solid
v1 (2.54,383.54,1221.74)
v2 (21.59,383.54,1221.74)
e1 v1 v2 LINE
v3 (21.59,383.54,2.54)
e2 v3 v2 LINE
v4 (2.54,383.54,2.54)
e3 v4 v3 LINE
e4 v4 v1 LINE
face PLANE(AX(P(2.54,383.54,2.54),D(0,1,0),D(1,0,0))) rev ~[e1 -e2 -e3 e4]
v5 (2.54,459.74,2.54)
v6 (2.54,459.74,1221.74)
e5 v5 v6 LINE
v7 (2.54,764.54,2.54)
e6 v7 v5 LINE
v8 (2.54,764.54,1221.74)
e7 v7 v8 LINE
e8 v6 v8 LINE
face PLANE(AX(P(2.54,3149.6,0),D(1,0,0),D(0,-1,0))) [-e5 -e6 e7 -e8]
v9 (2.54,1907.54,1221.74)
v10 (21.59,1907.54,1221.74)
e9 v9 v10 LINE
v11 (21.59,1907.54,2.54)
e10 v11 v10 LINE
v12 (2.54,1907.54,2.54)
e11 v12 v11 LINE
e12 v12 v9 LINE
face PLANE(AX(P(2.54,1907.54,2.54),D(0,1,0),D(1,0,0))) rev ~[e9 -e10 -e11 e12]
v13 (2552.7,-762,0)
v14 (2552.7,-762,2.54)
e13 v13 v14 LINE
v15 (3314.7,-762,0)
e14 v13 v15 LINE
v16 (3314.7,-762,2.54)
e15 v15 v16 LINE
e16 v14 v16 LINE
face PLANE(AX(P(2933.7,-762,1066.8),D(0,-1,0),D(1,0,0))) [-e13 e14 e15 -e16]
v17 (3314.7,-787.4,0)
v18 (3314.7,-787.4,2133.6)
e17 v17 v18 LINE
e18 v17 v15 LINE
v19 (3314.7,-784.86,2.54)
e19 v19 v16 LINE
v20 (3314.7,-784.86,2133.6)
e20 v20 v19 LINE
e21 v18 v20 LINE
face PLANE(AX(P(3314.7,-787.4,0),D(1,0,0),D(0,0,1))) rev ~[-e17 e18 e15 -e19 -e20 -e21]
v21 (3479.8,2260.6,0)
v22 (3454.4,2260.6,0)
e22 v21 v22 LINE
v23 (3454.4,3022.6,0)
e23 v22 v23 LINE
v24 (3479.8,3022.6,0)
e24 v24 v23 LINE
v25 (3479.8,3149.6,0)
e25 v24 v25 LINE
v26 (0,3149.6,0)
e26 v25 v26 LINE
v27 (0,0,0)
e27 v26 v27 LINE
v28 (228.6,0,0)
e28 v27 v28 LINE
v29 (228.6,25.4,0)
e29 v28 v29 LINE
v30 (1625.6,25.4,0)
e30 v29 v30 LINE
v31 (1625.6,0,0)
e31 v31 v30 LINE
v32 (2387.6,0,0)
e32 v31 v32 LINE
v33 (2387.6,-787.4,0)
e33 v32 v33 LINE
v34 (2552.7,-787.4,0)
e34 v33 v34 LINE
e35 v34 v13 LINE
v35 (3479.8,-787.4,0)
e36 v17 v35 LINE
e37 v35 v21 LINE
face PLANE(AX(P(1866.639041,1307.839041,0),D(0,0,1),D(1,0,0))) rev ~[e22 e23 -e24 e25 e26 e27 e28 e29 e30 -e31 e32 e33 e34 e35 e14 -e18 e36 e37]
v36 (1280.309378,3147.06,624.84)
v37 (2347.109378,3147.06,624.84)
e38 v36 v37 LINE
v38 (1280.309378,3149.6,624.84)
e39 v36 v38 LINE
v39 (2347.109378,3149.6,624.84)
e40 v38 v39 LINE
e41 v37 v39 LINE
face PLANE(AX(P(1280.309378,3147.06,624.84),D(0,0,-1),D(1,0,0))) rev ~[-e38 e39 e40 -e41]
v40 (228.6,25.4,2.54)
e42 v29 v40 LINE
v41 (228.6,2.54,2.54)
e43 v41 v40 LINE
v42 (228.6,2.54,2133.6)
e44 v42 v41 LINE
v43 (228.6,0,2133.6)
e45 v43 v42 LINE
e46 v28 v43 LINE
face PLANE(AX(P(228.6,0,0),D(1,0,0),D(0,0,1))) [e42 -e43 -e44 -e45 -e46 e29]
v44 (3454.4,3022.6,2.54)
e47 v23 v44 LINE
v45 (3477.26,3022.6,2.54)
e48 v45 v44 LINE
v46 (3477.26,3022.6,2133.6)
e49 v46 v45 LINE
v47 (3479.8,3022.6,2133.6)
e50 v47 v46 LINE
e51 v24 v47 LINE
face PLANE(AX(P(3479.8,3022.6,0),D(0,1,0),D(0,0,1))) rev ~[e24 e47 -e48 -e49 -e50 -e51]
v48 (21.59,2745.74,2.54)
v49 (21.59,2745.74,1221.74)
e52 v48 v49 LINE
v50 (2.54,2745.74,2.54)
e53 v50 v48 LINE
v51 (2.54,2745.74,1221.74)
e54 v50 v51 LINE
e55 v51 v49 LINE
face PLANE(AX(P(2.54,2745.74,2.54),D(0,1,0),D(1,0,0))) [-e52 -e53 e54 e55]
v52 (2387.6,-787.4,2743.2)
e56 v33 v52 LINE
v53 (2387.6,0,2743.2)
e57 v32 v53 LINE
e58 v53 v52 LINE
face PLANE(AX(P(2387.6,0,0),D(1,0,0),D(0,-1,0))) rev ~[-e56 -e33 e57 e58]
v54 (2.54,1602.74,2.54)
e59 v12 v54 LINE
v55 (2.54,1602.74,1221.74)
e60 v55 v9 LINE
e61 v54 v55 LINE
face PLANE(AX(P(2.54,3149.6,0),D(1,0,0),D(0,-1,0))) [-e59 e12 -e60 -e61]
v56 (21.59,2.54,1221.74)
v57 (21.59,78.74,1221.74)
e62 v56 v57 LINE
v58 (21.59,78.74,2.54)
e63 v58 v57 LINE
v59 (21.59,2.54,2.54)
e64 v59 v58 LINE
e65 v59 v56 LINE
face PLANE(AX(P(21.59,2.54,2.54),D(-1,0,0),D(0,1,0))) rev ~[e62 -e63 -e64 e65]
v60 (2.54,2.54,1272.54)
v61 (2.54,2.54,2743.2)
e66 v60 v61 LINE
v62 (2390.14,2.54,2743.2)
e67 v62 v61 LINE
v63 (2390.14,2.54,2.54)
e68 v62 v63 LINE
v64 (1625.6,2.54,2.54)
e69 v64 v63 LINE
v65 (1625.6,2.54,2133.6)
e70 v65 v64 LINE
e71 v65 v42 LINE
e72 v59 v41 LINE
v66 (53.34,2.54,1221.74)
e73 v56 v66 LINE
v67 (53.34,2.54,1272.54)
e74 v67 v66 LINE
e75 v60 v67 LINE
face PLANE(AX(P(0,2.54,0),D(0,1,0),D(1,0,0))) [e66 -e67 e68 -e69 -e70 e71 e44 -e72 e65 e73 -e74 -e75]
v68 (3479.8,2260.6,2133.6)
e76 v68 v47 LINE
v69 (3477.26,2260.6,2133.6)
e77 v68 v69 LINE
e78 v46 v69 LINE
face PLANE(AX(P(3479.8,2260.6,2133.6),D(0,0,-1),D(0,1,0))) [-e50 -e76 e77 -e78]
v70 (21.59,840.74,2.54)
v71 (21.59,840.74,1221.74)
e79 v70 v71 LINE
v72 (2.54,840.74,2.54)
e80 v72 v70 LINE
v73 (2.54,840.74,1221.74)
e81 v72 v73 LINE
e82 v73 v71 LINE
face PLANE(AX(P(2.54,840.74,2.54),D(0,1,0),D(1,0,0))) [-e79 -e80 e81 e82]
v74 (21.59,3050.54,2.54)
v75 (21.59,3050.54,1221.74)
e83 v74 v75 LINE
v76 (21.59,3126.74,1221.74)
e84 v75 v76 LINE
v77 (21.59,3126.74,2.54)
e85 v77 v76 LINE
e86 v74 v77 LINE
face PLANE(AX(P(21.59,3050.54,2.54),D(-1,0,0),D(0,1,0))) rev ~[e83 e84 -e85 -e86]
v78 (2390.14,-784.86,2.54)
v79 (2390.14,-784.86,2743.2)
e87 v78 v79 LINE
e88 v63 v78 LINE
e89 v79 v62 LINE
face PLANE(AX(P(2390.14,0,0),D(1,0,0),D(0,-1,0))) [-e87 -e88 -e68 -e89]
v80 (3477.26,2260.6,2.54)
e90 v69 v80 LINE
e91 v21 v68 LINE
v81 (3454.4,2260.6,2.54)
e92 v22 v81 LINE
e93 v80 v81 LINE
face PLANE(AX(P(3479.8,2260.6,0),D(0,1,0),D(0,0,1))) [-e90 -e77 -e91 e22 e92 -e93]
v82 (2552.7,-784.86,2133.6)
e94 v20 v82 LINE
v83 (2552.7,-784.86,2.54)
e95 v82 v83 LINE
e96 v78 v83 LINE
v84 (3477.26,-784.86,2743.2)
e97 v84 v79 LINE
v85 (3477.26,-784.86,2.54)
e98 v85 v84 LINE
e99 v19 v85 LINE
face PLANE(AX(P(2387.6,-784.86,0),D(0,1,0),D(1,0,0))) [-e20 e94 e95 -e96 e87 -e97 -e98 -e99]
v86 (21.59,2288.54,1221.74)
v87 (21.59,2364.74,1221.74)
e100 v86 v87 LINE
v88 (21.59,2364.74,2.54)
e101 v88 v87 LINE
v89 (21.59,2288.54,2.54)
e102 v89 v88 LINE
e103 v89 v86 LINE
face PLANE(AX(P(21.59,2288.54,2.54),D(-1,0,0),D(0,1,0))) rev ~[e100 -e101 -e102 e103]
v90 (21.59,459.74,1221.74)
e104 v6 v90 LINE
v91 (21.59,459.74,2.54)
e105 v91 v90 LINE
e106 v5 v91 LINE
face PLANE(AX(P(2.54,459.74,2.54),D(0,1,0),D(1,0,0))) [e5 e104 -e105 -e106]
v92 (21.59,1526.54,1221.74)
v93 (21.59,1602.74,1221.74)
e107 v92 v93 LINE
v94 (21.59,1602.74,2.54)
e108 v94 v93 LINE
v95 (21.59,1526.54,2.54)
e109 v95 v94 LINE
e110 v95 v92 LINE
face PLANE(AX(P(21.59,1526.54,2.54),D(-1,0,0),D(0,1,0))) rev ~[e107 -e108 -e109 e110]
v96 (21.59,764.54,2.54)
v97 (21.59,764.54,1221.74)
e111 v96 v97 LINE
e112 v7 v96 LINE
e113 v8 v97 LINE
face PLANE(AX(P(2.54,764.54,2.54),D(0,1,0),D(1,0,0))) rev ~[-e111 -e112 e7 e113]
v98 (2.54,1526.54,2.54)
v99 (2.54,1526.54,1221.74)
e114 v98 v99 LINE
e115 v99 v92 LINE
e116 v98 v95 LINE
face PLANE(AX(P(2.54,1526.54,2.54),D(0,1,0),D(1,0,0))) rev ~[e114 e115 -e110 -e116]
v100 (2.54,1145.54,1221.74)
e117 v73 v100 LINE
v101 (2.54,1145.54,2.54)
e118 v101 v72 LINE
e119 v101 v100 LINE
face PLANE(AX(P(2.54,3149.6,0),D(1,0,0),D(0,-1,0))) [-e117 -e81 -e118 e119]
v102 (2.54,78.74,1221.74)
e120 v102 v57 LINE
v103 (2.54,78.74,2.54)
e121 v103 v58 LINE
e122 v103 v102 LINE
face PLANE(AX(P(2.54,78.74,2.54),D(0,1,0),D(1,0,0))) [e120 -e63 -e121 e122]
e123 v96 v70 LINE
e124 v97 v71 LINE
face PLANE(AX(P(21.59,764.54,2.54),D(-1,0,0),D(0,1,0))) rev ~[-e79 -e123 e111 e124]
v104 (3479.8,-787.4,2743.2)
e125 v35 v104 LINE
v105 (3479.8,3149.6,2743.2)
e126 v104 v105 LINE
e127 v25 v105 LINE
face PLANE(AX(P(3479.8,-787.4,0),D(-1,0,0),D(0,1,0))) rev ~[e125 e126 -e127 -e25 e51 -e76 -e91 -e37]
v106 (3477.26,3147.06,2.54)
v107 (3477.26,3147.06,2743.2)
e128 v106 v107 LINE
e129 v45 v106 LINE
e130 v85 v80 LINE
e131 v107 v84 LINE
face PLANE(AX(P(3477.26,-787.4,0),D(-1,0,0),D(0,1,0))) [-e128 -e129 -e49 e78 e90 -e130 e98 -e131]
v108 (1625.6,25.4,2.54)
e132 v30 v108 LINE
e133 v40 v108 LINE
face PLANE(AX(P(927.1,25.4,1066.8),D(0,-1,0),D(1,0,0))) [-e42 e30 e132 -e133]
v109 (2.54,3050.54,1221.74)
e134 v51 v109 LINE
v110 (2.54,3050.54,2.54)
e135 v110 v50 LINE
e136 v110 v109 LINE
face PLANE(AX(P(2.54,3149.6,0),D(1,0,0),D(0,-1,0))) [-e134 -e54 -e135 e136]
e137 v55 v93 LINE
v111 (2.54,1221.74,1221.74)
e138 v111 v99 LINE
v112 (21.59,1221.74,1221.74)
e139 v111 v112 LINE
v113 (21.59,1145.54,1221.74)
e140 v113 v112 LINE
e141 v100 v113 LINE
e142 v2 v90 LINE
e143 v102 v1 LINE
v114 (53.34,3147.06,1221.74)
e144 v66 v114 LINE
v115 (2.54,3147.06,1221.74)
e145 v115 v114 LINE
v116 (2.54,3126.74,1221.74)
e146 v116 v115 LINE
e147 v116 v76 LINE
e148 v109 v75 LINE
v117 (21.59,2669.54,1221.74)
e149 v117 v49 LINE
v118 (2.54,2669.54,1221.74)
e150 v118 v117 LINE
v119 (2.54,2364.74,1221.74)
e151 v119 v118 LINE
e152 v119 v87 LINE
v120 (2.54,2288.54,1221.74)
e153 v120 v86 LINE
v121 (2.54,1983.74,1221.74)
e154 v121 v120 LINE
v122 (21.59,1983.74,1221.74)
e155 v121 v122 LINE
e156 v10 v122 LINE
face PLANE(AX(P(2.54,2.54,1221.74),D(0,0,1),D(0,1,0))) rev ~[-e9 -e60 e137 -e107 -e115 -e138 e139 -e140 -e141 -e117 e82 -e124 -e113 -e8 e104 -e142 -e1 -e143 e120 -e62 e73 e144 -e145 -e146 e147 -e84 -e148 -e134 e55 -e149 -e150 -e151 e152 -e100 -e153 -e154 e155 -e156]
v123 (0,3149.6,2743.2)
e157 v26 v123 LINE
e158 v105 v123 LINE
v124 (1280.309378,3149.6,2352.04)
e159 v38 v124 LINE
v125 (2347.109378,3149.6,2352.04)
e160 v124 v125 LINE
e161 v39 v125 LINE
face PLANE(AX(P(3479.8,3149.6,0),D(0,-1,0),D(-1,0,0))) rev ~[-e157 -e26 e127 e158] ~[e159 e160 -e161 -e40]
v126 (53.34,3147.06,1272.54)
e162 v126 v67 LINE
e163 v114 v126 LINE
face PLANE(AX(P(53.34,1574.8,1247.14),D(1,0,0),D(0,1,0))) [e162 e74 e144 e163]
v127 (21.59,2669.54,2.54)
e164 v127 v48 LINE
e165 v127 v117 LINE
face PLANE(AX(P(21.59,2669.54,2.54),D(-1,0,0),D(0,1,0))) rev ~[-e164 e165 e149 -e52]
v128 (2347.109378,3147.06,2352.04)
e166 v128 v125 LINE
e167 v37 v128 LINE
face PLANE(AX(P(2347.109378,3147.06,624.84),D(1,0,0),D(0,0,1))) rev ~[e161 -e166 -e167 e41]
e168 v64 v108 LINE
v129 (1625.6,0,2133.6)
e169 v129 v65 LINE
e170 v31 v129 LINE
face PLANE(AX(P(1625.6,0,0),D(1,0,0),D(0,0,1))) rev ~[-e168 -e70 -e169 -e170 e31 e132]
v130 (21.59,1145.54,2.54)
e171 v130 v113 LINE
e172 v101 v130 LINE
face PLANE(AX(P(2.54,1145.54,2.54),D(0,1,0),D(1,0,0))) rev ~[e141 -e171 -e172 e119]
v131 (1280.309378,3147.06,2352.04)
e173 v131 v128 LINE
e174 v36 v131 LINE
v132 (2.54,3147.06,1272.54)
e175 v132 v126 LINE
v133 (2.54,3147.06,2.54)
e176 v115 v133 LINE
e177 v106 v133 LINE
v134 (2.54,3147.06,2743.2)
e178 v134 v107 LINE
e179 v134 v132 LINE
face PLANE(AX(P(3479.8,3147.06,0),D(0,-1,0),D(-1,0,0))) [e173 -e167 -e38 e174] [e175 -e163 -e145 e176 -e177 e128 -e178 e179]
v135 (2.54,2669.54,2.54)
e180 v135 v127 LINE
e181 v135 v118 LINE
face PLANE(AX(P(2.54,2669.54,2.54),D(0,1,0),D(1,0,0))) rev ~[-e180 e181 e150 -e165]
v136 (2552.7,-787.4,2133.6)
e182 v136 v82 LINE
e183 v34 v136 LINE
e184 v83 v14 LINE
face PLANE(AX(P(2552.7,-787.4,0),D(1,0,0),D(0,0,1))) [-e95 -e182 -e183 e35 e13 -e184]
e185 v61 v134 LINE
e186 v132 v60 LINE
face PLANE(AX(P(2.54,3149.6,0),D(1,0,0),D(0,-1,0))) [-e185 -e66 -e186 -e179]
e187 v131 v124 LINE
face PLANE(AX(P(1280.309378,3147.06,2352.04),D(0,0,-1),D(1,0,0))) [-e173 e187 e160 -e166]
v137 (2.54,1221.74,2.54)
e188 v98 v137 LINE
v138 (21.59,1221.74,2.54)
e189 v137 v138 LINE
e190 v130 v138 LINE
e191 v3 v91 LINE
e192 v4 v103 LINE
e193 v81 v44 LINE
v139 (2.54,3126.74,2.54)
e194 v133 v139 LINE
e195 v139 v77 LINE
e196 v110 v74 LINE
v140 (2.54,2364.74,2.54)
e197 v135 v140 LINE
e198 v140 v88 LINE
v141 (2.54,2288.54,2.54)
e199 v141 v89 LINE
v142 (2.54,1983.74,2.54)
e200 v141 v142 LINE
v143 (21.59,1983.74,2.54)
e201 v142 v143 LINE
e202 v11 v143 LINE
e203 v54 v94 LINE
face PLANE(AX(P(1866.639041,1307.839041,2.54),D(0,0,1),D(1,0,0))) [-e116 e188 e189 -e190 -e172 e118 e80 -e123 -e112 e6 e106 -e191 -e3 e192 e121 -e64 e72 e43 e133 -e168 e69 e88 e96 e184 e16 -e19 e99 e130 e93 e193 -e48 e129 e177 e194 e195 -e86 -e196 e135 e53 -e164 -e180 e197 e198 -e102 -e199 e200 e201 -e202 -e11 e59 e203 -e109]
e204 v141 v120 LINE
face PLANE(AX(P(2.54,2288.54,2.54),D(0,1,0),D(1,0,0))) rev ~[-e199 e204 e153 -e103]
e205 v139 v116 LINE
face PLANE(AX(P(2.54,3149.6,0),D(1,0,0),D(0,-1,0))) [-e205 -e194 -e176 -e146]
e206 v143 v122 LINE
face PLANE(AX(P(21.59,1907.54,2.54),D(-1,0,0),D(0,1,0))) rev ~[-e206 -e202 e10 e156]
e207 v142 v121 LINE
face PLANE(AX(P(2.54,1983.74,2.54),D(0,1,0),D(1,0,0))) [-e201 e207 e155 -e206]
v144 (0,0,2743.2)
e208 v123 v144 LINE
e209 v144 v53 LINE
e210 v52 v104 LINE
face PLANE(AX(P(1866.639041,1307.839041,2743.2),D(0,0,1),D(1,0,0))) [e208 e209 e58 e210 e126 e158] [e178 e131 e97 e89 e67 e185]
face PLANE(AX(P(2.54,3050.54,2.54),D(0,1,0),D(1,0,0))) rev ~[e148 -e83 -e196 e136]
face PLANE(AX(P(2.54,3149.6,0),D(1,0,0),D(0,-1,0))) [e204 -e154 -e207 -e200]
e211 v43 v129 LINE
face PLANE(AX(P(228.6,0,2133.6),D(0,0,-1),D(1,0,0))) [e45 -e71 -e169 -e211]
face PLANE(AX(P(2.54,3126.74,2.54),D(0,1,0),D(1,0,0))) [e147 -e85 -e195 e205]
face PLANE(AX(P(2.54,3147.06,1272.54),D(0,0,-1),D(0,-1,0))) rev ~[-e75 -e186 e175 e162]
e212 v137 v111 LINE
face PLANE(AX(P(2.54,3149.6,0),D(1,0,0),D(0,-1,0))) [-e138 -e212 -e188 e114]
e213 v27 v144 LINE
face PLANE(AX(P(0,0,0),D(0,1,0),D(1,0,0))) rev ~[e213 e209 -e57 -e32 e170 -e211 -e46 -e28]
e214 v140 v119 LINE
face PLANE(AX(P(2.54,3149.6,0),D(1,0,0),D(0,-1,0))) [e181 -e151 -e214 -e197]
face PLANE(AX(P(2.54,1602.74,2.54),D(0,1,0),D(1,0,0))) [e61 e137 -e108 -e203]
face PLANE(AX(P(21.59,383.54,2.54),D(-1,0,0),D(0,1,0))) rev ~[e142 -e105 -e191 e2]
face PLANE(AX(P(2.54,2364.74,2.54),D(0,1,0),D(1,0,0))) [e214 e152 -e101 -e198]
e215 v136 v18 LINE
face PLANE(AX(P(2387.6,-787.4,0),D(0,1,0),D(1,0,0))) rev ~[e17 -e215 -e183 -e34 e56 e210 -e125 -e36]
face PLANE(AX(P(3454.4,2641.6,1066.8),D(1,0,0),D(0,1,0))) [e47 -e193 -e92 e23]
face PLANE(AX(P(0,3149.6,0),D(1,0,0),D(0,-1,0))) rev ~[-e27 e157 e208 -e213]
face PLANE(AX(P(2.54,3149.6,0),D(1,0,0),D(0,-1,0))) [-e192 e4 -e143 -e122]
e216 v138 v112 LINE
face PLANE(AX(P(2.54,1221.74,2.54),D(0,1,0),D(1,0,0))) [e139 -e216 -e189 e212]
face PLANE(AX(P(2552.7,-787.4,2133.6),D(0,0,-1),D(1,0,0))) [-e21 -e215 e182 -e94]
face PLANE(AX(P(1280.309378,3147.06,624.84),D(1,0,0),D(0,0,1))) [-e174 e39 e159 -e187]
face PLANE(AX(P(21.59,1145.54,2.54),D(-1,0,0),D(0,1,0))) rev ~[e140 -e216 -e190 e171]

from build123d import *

# Parameters (mm, degrees)
F1_DEPTH  = 2743.2
F2_T      = -2.54
F3_W      = 762
F3_H      = 2133.6
F4_DEPTH  = 25.4
F5_W      = 1397
F5_H      = 2133.6
F6_DEPTH  = 25.4
F7_W      = 762
F7_H      = 2133.6
F8_DEPTH  = 25.4
F9_W      = 1066.8
F9_H      = 1727.2
F10_DEPTH = 25.4
F11_W     = 19.05
F11_H     = 76.2
F12_DEPTH = 1219.2
F14_DEPTH = 50.8


with BuildPart() as f1:
    # F0 (on Top) → F1 (new body)
    with BuildSketch(Plane.XY):
        Polygon((0, 3149.6), (0, 0), (2387.6, 0), (2387.6, -787.4), (3479.8, -787.4), (3479.8, 3149.6), align=None)
    extrude(amount=F1_DEPTH)

    # F2
    f2_openings = [f1.faces().sort_by_distance(p)[0] for p in [
        (1826.758545, 1431.575804, 2743.2),
    ]]
    offset(amount=F2_T, openings=f2_openings, kind=Kind.INTERSECTION)

    # F3 (on face) → F4 (cut)
    with BuildSketch(Plane.XZ.offset(787.4)):
        with Locations((2933.7, 1066.8)):
            Rectangle(F3_W, F3_H)
    extrude(amount=-F4_DEPTH, mode=Mode.SUBTRACT)

    # F5 (on face) → F6 (cut)
    with BuildSketch(Plane.XZ):
        with Locations((927.1, 1066.8)):
            Rectangle(F5_W, F5_H)
    extrude(amount=-F6_DEPTH, mode=Mode.SUBTRACT)

    # F7 (on face) → F8 (cut)
    with BuildSketch(Plane.YZ.offset(3479.8)):
        with Locations((2641.6, 1066.8)):
            Rectangle(F7_W, F7_H)
    extrude(amount=-F8_DEPTH, mode=Mode.SUBTRACT)

    # F9 (on face) → F10 (cut)
    with BuildSketch(Plane.XZ.offset(-3147.06)):
        with Locations((1813.7093782425, 1488.44)):
            Rectangle(F9_W, F9_H)
    extrude(amount=-F10_DEPTH, mode=Mode.SUBTRACT)

    # F11 (on face) → F12 (join)
    with BuildSketch(Plane.XY.offset(2.54)):
        with Locations((12.065, 40.64)):
            Rectangle(F11_W, F11_H)
        with Locations((12.065, 421.64)):
            Rectangle(F11_W, F11_H)
        with Locations((12.065, 802.64)):
            Rectangle(F11_W, F11_H)
        with Locations((12.065, 1183.64)):
            Rectangle(F11_W, F11_H)
        with Locations((12.065, 1564.64)):
            Rectangle(F11_W, F11_H)
        with Locations((12.065, 1945.64)):
            Rectangle(F11_W, F11_H)
        with Locations((12.065, 2326.64)):
            Rectangle(F11_W, F11_H)
        with Locations((12.065, 2707.64)):
            Rectangle(F11_W, F11_H)
        with Locations((12.065, 3088.64)):
            Rectangle(F11_W, F11_H)
    extrude(amount=F12_DEPTH)

    # F13 (on face) → F14 (join)
    with BuildSketch(Plane.YZ.offset(2.54)):
        Polygon((2.54, 1272.54), (2.54, 1221.74), (78.74, 1221.74), (383.54, 1221.74), (459.74, 1221.74), (764.54, 1221.74), (840.74, 1221.74), (1145.54, 1221.74), (1221.74, 1221.74), (1526.54, 1221.74), (1602.74, 1221.74), (1907.54, 1221.74), (1983.74, 1221.74), (2288.54, 1221.74), (2364.74, 1221.74), (2669.54, 1221.74), (2745.74, 1221.74), (3050.54, 1221.74), (3126.74, 1221.74), (3147.06, 1221.74), (3147.06, 1272.54), align=None)
    extrude(amount=F14_DEPTH)


solid = f1.part
